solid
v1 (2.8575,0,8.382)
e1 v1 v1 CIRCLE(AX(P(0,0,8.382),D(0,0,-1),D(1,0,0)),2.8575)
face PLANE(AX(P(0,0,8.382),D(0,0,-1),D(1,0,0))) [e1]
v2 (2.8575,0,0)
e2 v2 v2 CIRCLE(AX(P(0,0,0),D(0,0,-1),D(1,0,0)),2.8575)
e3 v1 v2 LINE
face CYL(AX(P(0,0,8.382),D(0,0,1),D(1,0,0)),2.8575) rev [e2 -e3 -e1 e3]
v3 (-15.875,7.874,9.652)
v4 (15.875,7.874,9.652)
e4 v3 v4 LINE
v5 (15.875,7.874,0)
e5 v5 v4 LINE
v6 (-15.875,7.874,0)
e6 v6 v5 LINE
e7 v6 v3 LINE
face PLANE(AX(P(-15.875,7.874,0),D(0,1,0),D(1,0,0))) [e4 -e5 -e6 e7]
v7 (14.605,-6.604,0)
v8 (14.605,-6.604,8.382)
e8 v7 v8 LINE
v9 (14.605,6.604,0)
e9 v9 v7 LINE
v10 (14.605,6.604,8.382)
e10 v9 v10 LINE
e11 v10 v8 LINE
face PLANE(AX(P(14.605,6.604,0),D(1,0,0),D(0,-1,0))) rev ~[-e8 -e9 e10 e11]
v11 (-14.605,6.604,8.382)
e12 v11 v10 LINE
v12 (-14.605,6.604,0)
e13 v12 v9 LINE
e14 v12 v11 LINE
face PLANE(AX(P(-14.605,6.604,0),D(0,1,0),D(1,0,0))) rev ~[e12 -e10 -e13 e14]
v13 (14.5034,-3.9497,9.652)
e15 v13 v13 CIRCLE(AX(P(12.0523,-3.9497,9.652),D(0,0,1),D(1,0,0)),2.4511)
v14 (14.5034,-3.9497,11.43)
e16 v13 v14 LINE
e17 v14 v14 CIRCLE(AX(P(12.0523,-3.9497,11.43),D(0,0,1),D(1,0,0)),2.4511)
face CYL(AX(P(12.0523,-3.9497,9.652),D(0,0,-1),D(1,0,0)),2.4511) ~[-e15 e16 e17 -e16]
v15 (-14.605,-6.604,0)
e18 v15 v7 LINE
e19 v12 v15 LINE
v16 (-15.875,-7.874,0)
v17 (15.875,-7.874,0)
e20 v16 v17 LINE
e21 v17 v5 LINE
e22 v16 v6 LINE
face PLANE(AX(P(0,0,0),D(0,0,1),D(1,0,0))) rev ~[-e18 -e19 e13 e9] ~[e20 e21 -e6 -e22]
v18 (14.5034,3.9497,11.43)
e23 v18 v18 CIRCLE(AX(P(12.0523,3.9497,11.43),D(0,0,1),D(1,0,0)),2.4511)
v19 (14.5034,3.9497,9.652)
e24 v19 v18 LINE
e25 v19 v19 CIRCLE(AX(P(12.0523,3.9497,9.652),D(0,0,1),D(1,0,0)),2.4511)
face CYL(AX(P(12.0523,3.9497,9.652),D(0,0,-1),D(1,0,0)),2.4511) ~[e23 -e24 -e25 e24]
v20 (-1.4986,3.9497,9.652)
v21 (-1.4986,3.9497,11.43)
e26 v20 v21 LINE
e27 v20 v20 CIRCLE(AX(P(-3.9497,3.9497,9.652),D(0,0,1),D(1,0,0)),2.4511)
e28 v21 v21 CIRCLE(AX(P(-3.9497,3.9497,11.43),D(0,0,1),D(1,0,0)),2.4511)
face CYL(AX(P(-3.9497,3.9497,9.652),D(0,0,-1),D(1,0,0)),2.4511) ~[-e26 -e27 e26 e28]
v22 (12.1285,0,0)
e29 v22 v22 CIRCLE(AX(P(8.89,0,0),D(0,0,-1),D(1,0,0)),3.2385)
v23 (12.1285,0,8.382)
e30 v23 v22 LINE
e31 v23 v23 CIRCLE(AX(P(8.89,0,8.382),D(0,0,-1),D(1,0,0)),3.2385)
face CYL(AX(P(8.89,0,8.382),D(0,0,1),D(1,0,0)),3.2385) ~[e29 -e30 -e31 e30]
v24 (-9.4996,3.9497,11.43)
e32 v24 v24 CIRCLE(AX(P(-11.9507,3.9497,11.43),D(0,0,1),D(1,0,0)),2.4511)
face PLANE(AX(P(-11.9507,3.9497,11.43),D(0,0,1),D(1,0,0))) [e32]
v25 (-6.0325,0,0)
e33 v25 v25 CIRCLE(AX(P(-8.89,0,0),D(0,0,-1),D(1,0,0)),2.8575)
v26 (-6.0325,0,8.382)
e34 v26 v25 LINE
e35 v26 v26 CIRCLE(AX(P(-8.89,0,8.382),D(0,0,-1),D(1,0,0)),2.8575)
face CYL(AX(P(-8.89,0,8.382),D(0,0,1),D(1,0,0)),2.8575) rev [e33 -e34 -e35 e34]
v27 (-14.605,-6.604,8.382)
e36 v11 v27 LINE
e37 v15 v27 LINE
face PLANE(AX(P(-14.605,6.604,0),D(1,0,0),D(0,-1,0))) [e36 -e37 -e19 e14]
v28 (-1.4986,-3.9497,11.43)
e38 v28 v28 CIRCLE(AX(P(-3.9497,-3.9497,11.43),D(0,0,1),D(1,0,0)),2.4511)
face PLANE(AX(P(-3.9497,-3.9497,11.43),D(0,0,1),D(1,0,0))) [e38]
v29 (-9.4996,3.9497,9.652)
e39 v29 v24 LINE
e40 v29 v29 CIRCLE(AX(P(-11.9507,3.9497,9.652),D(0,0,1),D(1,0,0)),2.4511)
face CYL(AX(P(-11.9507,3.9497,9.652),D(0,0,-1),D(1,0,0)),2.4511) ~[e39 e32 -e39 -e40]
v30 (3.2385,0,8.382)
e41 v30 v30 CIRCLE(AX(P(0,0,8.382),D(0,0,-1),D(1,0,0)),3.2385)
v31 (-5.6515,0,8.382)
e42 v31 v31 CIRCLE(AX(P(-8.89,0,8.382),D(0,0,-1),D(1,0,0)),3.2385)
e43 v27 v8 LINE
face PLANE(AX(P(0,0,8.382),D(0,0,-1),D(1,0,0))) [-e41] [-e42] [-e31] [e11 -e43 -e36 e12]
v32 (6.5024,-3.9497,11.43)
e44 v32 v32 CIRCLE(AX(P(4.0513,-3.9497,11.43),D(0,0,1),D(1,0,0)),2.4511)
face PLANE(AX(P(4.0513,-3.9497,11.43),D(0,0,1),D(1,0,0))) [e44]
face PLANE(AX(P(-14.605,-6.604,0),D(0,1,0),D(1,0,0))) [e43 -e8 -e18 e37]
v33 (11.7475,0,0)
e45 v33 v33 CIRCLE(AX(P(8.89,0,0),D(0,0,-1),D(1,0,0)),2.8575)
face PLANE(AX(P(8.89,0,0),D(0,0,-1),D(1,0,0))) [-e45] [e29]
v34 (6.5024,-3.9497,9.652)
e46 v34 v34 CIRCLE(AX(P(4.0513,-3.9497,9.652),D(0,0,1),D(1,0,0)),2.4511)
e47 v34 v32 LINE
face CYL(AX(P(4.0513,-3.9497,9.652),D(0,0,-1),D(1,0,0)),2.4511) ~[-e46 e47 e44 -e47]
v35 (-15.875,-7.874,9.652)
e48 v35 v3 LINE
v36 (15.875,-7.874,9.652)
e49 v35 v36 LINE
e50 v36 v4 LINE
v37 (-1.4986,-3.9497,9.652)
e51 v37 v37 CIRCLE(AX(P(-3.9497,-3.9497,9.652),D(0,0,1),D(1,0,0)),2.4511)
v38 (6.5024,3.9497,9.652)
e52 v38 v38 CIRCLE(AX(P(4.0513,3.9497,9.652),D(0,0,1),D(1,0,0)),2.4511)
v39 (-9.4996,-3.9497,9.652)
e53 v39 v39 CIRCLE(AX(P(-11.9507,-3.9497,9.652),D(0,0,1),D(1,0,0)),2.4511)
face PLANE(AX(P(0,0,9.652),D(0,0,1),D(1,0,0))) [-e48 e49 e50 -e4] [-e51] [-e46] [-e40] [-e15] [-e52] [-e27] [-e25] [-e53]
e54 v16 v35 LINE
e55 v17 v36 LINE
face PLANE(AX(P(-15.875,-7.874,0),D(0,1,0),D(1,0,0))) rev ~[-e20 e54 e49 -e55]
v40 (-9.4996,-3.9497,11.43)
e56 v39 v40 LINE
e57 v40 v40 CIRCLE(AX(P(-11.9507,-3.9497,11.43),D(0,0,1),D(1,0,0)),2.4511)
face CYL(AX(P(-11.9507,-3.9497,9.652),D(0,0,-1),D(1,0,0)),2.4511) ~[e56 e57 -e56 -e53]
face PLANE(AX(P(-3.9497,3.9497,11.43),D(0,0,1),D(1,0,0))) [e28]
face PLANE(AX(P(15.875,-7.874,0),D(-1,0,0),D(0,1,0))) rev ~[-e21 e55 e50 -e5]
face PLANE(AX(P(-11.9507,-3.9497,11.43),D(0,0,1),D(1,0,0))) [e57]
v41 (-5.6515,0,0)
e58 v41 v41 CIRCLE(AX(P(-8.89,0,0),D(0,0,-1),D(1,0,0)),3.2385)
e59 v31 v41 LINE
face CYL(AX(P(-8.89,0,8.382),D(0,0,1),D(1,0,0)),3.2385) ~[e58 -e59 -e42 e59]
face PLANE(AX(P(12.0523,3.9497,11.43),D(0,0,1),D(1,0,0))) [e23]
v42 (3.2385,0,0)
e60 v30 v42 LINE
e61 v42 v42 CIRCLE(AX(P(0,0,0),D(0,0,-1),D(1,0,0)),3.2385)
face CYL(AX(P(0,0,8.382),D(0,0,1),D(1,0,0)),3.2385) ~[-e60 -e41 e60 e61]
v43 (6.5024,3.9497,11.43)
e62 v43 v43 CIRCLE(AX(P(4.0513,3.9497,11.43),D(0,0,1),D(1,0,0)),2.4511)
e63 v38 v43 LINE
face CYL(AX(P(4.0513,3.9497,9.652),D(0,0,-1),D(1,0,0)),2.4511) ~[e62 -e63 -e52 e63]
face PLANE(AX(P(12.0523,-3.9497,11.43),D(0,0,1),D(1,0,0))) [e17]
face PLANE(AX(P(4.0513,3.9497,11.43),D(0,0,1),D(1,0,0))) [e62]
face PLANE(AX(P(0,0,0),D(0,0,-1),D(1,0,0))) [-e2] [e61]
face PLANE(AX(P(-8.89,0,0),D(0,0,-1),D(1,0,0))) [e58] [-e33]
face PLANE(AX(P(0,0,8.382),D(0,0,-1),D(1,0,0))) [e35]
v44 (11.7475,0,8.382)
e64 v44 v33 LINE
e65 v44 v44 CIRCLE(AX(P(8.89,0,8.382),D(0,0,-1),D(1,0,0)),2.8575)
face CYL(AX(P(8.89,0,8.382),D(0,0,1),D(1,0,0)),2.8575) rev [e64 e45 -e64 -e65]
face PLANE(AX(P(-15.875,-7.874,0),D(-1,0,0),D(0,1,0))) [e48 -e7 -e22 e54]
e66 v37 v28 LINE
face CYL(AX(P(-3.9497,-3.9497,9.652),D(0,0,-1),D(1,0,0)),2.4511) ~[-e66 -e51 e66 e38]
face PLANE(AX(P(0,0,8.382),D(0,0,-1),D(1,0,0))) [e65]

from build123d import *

# Parameters (mm, degrees)
F0_W     = 31.75
F0_H     = 15.748
F1_DEPTH = 9.652
F2_R     = 2.4511
F3_DEPTH = 1.778
F4_W     = 29.21
F4_H     = 13.208
F5_DEPTH = 8.382
F6_R     = 3.2385
F6_R_2   = 2.8575
F7_DEPTH = 8.382


with BuildPart() as f1:
    # F0 (on Top) → F1 (new body)
    with BuildSketch(Plane.XY):
        Rectangle(F0_W, F0_H)
    extrude(amount=F1_DEPTH)

    # F2 (on face) → F3 (join)
    with BuildSketch(Plane.XY.offset(9.652)):
        with Locations((-11.9507, 3.9497)):
            Circle(F2_R)
        with Locations((-3.9497, 3.9497)):
            Circle(F2_R)
        with Locations((4.0513, 3.9497)):
            Circle(F2_R)
        with Locations((12.0523, 3.9497)):
            Circle(F2_R)
        with Locations((-11.9507, -3.9497)):
            Circle(F2_R)
        with Locations((-3.9497, -3.9497)):
            Circle(F2_R)
        with Locations((4.0513, -3.9497)):
            Circle(F2_R)
        with Locations((12.0523, -3.9497)):
            Circle(F2_R)
    extrude(amount=F3_DEPTH)

    # F4 (on face) → F5 (cut)
    with BuildSketch(Plane(origin=(0, 0, 0), x_dir=(1, 0, 0), z_dir=(0, 0, -1))):
        Rectangle(F4_W, F4_H)
    extrude(amount=-F5_DEPTH, mode=Mode.SUBTRACT)

    # F6 (on face) → F7 (join)
    with BuildSketch(Plane(origin=(0, 0, 8.382), x_dir=(1, 0, 0), z_dir=(0, 0, -1))):
        with Locations((-8.89, 0)):
            Circle(F6_R)
        with Locations((-8.89, 0)):
            Circle(F6_R_2, mode=Mode.SUBTRACT)
        Circle(F6_R)
        Circle(F6_R_2, mode=Mode.SUBTRACT)
        with Locations((8.89, 0)):
            Circle(F6_R)
        with Locations((8.89, 0)):
            Circle(F6_R_2, mode=Mode.SUBTRACT)
    extrude(amount=F7_DEPTH)


solid = f1.part
